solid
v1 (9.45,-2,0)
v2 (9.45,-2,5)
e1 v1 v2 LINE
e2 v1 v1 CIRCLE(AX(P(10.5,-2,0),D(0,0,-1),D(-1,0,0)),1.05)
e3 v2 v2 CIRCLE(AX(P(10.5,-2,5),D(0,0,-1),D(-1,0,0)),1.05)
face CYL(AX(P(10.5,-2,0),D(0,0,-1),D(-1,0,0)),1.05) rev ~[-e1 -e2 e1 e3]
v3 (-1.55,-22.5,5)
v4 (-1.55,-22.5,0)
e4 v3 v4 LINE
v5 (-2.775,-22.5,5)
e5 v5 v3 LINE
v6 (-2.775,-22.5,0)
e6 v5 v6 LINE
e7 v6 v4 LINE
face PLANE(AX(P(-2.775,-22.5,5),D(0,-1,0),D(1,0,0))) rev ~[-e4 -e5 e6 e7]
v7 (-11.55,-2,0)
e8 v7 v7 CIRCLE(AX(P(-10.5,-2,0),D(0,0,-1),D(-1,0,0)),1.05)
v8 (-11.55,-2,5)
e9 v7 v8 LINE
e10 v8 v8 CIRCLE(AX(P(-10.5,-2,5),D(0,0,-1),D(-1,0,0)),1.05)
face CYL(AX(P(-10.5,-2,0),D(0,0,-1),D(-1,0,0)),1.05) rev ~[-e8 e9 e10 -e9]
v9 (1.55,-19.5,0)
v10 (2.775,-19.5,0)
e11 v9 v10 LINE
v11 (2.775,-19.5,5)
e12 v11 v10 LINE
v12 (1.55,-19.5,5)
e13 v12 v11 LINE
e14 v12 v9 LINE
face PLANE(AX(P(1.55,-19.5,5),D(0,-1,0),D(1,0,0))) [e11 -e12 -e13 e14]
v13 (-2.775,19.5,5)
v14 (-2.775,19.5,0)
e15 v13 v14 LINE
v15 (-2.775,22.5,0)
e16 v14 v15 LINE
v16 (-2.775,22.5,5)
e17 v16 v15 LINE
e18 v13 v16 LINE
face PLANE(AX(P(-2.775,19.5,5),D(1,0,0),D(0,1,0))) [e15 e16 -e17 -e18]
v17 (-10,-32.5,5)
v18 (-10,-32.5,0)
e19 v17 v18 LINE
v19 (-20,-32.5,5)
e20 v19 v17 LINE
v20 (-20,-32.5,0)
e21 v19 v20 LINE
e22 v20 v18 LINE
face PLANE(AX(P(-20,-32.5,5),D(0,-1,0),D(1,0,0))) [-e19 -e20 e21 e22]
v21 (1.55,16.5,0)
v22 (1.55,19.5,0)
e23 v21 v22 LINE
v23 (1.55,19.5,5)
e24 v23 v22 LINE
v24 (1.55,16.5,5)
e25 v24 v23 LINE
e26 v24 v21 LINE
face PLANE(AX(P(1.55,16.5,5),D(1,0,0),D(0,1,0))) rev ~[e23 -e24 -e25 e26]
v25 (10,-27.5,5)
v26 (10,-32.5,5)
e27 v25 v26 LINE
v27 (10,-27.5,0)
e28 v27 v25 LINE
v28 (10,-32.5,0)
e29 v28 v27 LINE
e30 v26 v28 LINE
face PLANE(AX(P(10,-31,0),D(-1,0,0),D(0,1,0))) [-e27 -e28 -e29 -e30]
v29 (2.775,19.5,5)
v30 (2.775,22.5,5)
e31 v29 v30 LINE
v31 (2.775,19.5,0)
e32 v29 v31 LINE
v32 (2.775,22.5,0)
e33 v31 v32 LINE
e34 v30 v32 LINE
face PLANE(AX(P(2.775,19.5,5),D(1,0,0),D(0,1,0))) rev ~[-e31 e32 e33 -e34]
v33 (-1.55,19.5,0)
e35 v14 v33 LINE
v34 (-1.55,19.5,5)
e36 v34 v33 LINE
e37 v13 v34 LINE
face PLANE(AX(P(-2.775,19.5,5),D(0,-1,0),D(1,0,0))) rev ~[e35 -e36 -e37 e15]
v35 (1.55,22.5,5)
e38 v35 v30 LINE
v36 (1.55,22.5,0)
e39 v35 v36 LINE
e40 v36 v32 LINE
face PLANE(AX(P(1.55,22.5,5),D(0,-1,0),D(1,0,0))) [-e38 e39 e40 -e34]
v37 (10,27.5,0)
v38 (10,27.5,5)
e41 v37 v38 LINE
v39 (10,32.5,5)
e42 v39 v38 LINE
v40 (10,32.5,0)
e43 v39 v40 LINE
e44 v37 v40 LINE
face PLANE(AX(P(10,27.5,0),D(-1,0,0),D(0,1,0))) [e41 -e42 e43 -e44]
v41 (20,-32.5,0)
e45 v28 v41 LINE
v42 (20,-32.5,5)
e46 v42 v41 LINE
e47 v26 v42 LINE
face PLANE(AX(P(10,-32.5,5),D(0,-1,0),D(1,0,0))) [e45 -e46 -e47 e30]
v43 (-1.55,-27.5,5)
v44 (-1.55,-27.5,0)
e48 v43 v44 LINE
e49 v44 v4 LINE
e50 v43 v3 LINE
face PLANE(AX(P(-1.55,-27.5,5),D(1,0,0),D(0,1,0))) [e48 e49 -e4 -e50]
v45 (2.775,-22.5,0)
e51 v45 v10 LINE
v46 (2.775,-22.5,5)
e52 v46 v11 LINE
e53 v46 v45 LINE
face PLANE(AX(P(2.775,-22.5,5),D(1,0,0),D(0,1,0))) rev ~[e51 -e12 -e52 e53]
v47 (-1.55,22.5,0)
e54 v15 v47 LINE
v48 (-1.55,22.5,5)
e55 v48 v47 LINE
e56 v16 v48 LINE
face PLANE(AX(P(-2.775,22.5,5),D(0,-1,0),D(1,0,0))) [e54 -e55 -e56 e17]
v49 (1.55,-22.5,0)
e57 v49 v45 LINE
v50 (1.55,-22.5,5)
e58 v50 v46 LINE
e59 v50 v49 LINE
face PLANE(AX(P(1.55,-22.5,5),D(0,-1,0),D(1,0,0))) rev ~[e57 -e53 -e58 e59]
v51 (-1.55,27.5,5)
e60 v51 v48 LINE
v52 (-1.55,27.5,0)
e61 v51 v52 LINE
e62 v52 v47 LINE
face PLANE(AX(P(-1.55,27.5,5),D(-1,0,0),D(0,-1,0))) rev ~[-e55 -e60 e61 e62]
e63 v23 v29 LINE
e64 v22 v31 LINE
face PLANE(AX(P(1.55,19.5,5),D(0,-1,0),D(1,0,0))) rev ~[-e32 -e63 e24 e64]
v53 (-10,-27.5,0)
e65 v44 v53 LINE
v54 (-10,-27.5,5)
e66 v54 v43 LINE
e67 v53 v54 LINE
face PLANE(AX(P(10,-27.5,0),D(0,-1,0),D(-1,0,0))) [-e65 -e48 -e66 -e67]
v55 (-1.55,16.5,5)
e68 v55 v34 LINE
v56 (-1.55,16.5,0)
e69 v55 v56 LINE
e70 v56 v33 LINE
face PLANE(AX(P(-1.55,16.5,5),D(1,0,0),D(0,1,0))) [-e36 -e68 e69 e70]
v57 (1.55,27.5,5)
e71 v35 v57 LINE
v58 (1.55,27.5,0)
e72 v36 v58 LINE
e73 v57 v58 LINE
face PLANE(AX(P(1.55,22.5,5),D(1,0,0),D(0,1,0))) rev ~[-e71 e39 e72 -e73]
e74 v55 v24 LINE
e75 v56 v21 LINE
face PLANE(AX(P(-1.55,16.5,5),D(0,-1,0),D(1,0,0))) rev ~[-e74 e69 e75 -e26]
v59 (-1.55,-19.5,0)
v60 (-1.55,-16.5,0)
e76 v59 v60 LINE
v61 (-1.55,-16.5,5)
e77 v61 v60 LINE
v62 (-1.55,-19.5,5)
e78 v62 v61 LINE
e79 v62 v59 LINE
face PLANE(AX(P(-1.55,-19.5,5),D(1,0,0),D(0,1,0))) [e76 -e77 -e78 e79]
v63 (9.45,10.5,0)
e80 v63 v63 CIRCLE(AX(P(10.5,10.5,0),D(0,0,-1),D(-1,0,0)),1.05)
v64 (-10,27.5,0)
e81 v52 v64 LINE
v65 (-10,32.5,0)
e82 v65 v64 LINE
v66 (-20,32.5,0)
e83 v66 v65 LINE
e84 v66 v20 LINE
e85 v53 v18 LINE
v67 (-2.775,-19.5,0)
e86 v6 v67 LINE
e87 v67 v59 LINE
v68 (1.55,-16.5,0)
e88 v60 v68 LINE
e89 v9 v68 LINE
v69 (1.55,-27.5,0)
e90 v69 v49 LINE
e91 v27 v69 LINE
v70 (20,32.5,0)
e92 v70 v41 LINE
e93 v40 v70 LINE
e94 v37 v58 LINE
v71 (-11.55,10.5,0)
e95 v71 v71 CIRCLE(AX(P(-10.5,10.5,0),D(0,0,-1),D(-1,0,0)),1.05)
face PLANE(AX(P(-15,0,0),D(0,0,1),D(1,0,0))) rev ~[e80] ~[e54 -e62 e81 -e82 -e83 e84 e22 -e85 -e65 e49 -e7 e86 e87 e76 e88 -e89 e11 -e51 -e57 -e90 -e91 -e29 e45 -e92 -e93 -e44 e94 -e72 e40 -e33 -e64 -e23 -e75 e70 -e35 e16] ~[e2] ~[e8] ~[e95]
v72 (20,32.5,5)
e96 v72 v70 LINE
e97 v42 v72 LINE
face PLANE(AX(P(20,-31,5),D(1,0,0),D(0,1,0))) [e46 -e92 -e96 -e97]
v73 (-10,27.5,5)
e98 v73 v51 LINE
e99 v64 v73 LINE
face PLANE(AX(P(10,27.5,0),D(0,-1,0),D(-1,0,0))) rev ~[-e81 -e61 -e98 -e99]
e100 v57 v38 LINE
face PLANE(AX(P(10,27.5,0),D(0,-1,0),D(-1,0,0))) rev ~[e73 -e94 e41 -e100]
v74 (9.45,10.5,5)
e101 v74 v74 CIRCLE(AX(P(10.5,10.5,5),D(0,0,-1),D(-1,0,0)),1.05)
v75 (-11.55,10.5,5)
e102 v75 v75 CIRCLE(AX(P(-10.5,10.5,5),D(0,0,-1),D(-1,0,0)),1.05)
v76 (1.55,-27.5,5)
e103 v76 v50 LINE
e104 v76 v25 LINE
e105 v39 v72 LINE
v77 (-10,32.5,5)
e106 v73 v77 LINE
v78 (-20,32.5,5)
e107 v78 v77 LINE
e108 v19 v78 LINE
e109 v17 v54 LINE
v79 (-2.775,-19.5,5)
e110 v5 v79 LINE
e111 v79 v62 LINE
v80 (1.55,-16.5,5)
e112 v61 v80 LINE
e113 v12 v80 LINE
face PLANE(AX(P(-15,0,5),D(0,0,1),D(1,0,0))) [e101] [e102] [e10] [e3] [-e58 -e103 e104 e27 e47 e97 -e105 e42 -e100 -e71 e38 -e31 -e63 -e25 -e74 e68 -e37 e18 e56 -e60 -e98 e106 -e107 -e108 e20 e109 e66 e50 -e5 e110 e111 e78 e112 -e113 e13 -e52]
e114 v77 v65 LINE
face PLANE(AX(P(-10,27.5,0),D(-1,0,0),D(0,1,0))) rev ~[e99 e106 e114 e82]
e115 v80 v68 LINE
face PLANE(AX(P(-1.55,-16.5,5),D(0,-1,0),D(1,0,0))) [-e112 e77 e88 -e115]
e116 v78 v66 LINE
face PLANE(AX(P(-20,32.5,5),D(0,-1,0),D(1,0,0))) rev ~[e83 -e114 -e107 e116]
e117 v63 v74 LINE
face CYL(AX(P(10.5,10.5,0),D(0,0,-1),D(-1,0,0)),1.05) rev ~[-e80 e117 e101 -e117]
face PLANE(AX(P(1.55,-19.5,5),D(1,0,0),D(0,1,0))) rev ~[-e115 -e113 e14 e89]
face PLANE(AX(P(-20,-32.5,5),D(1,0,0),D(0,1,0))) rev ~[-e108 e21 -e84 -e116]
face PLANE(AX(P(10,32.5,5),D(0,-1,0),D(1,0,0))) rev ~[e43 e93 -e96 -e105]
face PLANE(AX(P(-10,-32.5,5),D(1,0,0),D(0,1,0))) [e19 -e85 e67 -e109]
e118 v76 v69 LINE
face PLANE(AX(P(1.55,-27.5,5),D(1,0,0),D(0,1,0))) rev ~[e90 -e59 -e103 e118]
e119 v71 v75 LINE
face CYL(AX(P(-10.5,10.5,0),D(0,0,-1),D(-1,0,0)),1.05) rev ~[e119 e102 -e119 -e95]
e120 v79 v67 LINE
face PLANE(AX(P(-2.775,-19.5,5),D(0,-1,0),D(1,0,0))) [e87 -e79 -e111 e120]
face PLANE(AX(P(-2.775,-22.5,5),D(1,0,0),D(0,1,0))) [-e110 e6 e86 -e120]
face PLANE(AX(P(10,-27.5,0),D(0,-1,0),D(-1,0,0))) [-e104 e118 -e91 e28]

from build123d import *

# Parameters (mm, degrees)
ESQUISSE1_W             = 40
ESQUISSE1_H             = 62
BOSS_EXTRU_1_DEPTH      = 5
ESQUISSE2_W             = 20
ESQUISSE2_H             = 3.5
ENL_V_MAT_EXTRU_1_DEPTH = 6
ESQUISSE3_W             = 20
ESQUISSE3_H             = 3.5
ENL_V_MAT_EXTRU_2_DEPTH = 6
ESQUISSE8_W             = 3.1
ESQUISSE8_H             = 3
ESQUISSE8_H_2           = 5
ESQUISSE8_W_2           = 1.225
ENL_V_MAT_EXTRU_3_DEPTH = 6
ESQUISSE9_W             = 10
ESQUISSE9_H             = 65
BOSS_EXTRU_2_DEPTH      = 5
ESQUISSE10_R            = 1.05
ENL_V_MAT_EXTRU_4_DEPTH = 6


with BuildPart() as part:
    # Esquisse1 → Boss.-Extru.1 (new body)
    with BuildSketch(Plane.XY.offset(5)):
        Rectangle(ESQUISSE1_W, ESQUISSE1_H)
    extrude(amount=-BOSS_EXTRU_1_DEPTH)

    # Esquisse2 → Enlèv. mat.-Extru.1 (cut, through all)
    with BuildSketch(Plane(origin=(0, 0, 0), x_dir=(-1, 0, 0), z_dir=(0, 0, -1))):
        with Locations((0, 29.25)):
            Rectangle(ESQUISSE2_W, ESQUISSE2_H)
    extrude(amount=-ENL_V_MAT_EXTRU_1_DEPTH, mode=Mode.SUBTRACT)

    # Esquisse3 → Enlèv. mat.-Extru.2 (cut, through all)
    with BuildSketch(Plane(origin=(0, 0, 0), x_dir=(-1, 0, 0), z_dir=(0, 0, -1))):
        with Locations((0, -29.25)):
            Rectangle(ESQUISSE3_W, ESQUISSE3_H)
    extrude(amount=-ENL_V_MAT_EXTRU_2_DEPTH, mode=Mode.SUBTRACT)

    # Esquisse8 → Enlèv. mat.-Extru.3 (cut, through all)
    with BuildSketch(Plane.XY.offset(5)):
        with Locations((0, 21)):
            Rectangle(ESQUISSE8_W, ESQUISSE8_H)
        with Locations((0, 25)):
            Rectangle(ESQUISSE8_W, ESQUISSE8_H_2)
        with Locations((-2.1625, 21)):
            Rectangle(ESQUISSE8_W_2, ESQUISSE8_H)
        with Locations((2.1625, 21)):
            Rectangle(ESQUISSE8_W_2, ESQUISSE8_H)
        with Locations((0, 18)):
            Rectangle(ESQUISSE8_W, ESQUISSE8_H)
        with Locations((0, -18)):
            Rectangle(ESQUISSE8_W, ESQUISSE8_H)
        with Locations((-2.1625, -21)):
            Rectangle(ESQUISSE8_W_2, ESQUISSE8_H)
        with Locations((0, -21)):
            Rectangle(ESQUISSE8_W, ESQUISSE8_H)
        with Locations((2.1625, -21)):
            Rectangle(ESQUISSE8_W_2, ESQUISSE8_H)
        with Locations((0, -25)):
            Rectangle(ESQUISSE8_W, ESQUISSE8_H_2)
    extrude(amount=-ENL_V_MAT_EXTRU_3_DEPTH, mode=Mode.SUBTRACT)

    # Esquisse9 → Boss.-Extru.2 (add)
    with BuildSketch(Plane.XY.offset(5)):
        with Locations((-15, 0)):
            Rectangle(ESQUISSE9_W, ESQUISSE9_H)
        with Locations((15, 0)):
            Rectangle(ESQUISSE9_W, ESQUISSE9_H)
    extrude(amount=-BOSS_EXTRU_2_DEPTH)

    # Esquisse10 → Enlèv. mat.-Extru.4 (cut, through all)
    with BuildSketch(Plane(origin=(0, 0, 0), x_dir=(-1, 0, 0), z_dir=(0, 0, -1))):
        with Locations((-10.5, 10.5)):
            Circle(ESQUISSE10_R)
        with Locations((10.5, 10.5)):
            Circle(ESQUISSE10_R)
        with Locations((10.5, -2)):
            Circle(ESQUISSE10_R)
        with Locations((-10.5, -2)):
            Circle(ESQUISSE10_R)
    extrude(amount=-ENL_V_MAT_EXTRU_4_DEPTH, mode=Mode.SUBTRACT)


solid = part.part
